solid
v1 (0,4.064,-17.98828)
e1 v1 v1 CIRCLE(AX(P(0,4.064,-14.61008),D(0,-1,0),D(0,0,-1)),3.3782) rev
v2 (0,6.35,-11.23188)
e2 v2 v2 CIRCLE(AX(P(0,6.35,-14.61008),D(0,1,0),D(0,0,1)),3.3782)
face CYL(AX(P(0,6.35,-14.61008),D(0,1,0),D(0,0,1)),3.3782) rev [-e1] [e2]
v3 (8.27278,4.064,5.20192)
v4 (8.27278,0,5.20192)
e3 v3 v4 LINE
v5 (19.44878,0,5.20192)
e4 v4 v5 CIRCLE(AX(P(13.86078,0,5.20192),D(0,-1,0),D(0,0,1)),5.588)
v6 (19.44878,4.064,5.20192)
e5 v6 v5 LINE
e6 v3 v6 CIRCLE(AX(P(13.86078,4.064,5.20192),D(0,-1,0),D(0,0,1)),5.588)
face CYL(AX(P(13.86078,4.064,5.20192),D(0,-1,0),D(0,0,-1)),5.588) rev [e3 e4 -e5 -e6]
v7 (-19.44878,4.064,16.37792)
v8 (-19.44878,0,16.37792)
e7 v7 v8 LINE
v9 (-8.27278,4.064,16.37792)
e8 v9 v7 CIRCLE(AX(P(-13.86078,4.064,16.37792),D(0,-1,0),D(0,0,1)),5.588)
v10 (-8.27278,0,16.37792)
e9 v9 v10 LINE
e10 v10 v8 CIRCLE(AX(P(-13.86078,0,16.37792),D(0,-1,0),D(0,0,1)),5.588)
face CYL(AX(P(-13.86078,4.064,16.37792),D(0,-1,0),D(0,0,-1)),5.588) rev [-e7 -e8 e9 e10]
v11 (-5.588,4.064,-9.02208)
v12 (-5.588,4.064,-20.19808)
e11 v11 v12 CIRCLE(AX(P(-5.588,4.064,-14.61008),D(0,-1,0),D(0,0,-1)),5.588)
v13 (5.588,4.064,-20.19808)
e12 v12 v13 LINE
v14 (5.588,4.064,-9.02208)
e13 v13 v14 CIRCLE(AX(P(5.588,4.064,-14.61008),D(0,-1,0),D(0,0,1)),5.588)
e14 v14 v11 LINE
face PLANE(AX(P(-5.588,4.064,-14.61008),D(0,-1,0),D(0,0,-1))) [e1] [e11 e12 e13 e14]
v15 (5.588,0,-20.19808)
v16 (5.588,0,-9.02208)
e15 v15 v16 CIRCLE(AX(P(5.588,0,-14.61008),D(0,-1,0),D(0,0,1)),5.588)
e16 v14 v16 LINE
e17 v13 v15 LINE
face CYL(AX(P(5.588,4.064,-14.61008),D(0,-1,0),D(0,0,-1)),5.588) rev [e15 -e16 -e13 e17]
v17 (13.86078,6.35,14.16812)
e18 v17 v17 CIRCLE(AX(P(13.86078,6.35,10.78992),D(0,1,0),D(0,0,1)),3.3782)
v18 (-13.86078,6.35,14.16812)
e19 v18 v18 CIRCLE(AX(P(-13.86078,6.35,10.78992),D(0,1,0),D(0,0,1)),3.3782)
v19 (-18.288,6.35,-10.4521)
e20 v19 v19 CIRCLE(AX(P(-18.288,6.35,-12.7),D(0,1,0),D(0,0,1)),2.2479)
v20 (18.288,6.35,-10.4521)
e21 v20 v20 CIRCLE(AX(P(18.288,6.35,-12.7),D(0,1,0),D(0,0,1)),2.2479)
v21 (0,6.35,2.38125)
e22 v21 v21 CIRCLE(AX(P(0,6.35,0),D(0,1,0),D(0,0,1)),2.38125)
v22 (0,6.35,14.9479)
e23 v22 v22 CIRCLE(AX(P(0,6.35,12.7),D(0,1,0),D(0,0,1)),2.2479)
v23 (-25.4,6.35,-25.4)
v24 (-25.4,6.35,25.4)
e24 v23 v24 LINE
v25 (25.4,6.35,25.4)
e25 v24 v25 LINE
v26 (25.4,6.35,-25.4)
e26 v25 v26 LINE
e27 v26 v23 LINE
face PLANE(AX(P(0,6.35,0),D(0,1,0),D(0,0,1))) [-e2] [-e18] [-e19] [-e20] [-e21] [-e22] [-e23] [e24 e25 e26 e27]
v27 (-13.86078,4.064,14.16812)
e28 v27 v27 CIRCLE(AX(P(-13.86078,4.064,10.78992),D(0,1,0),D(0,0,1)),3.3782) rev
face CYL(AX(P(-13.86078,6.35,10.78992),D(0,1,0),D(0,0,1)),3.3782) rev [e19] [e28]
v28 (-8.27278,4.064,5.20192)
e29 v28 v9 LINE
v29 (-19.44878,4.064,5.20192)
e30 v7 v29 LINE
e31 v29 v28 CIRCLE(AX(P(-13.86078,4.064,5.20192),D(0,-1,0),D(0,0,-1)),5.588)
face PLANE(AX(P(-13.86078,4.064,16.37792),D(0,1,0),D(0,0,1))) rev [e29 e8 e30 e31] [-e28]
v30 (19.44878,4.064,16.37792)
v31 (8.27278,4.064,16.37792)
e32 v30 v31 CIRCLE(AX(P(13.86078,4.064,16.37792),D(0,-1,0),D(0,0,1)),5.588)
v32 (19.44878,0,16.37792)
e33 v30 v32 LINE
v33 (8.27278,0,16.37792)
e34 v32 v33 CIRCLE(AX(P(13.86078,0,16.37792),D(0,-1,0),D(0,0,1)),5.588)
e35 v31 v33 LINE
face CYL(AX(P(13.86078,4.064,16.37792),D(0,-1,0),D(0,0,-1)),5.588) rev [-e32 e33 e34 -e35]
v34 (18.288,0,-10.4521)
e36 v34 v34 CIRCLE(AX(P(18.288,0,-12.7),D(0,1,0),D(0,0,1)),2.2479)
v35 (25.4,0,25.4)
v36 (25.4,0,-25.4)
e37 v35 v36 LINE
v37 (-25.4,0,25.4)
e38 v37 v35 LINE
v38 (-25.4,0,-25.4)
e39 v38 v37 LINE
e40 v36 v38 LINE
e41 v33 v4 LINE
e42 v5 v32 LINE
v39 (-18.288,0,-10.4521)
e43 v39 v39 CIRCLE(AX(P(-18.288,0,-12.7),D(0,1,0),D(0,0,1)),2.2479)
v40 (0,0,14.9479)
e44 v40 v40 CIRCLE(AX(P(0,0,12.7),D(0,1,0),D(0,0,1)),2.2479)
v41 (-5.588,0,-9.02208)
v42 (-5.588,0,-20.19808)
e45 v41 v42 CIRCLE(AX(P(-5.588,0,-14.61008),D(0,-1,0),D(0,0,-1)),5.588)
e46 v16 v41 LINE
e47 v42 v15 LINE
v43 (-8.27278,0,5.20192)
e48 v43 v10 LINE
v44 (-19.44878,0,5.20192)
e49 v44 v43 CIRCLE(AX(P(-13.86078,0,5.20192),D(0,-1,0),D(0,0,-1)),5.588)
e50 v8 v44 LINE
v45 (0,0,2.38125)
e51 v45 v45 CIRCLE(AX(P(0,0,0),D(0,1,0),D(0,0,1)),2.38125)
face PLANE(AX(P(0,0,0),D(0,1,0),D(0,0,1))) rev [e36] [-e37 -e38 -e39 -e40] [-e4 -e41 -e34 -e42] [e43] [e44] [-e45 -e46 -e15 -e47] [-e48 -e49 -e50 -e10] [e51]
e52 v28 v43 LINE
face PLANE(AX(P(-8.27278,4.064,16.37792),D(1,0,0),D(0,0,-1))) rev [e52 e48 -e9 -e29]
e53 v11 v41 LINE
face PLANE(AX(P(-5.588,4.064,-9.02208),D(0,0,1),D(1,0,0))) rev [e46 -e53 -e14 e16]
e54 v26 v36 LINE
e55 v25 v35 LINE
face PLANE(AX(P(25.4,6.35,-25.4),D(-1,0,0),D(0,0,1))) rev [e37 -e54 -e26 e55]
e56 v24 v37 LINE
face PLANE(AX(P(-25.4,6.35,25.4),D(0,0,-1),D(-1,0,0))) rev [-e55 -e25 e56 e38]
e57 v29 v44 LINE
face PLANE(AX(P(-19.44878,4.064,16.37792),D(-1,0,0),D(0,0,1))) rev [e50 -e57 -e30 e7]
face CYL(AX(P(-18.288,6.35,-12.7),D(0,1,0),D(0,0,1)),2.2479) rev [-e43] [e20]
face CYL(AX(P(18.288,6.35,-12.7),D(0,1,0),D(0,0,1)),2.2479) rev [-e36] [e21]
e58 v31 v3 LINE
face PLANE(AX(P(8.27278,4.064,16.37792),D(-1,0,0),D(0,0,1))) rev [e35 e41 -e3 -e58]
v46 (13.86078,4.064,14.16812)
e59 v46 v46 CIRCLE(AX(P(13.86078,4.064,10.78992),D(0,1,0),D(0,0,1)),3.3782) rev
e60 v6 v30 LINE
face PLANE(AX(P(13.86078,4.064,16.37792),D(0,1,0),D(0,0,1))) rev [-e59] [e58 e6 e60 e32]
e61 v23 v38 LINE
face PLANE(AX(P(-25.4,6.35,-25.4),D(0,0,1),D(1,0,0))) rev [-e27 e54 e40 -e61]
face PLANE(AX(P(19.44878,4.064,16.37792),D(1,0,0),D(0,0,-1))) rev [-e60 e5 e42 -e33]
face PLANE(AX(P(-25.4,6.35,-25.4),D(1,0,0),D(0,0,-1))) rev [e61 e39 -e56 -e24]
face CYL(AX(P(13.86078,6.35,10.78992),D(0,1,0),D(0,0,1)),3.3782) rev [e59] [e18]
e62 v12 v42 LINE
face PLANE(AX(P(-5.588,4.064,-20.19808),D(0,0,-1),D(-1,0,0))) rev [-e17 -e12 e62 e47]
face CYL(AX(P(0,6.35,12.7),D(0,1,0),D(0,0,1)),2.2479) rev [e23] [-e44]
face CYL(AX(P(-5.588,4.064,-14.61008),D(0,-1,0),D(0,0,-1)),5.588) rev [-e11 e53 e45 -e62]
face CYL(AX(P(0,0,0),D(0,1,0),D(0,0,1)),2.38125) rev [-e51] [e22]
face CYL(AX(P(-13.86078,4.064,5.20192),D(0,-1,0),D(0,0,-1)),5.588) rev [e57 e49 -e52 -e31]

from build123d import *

# Parameters (mm, degrees)
SKETCH1_W               = 50.8
SKETCH1_H               = 50.8
BOSS_EXTRUDE1_DEPTH     = 6.35
F_8_CLEARANCE_HOLE1_D   = 4.4958
F_1_4_CLEARANCE_HOLE1_D = 6.7564
CUT_EXTRUDE1_DEPTH      = 4.064
SKETCH9_R               = 2.38125
CUT_EXTRUDE2_DEPTH      = 37.477972806


with BuildPart() as part:
    # Sketch1 → Boss-Extrude1 (new body)
    with BuildSketch(Plane(origin=(0, 0, 0), x_dir=(1, 0, 0), z_dir=(0, 1, 0))):
        Rectangle(SKETCH1_W, SKETCH1_H)
    extrude(amount=BOSS_EXTRUDE1_DEPTH)

    # #8 Clearance Hole1 (through all)
    with Locations(Plane(origin=(0, 6.35, 0), x_dir=(1, 0, 0), z_dir=(0, 1, 0))):
        with Locations((-18.288, 12.7), (18.288, 12.7), (0, -12.7)):
            Hole(F_8_CLEARANCE_HOLE1_D / 2)

    # 1/4 Clearance Hole1 (through all)
    with Locations(Plane(origin=(0, 6.35, 0), x_dir=(1, 0, 0), z_dir=(0, 1, 0))):
        with Locations((0, 14.61008), (-13.86078, -10.78992), (13.86078, -10.78992)):
            Hole(F_1_4_CLEARANCE_HOLE1_D / 2)

    # Sketch8 → Cut-Extrude1 (cut)
    with BuildSketch(Plane.XZ):
        with BuildLine():
            Line((-19.44878, 16.37792), (-19.44878, 5.20192))
            ThreePointArc((-19.44878, 5.20192), (-13.86078, -0.38608), (-8.27278, 5.20192))
            Line((-8.27278, 5.20192), (-8.27278, 16.37792))
            ThreePointArc((-8.27278, 16.37792), (-13.86078, 21.96592), (-19.44878, 16.37792))
        make_face()
        with BuildLine():
            Line((8.27278, 16.37792), (8.27278, 5.20192))
            ThreePointArc((8.27278, 5.20192), (13.86078, -0.38608), (19.44878, 5.20192))
            Line((19.44878, 5.20192), (19.44878, 16.37792))
            ThreePointArc((19.44878, 16.37792), (13.86078, 21.96592), (8.27278, 16.37792))
        make_face()
        with BuildLine():
            Line((-5.588, -9.02208), (5.588, -9.02208))
            ThreePointArc((5.588, -9.02208), (11.176, -14.61008), (5.588, -20.19808))
            Line((5.588, -20.19808), (-5.588, -20.19808))
            ThreePointArc((-5.588, -20.19808), (-11.176, -14.61008), (-5.588, -9.02208))
        make_face()
    extrude(amount=-CUT_EXTRUDE1_DEPTH, mode=Mode.SUBTRACT)

    # Sketch9 → Cut-Extrude2 (cut, through all)
    with BuildSketch(Plane(origin=(0, 6.35, 0), x_dir=(1, 0, 0), z_dir=(0, 1, 0))):
        with Locations(Location((0, 0, 0), (0, 0, 270))):
            Circle(SKETCH9_R)
    extrude(amount=-CUT_EXTRUDE2_DEPTH, mode=Mode.SUBTRACT)


solid = part.part
